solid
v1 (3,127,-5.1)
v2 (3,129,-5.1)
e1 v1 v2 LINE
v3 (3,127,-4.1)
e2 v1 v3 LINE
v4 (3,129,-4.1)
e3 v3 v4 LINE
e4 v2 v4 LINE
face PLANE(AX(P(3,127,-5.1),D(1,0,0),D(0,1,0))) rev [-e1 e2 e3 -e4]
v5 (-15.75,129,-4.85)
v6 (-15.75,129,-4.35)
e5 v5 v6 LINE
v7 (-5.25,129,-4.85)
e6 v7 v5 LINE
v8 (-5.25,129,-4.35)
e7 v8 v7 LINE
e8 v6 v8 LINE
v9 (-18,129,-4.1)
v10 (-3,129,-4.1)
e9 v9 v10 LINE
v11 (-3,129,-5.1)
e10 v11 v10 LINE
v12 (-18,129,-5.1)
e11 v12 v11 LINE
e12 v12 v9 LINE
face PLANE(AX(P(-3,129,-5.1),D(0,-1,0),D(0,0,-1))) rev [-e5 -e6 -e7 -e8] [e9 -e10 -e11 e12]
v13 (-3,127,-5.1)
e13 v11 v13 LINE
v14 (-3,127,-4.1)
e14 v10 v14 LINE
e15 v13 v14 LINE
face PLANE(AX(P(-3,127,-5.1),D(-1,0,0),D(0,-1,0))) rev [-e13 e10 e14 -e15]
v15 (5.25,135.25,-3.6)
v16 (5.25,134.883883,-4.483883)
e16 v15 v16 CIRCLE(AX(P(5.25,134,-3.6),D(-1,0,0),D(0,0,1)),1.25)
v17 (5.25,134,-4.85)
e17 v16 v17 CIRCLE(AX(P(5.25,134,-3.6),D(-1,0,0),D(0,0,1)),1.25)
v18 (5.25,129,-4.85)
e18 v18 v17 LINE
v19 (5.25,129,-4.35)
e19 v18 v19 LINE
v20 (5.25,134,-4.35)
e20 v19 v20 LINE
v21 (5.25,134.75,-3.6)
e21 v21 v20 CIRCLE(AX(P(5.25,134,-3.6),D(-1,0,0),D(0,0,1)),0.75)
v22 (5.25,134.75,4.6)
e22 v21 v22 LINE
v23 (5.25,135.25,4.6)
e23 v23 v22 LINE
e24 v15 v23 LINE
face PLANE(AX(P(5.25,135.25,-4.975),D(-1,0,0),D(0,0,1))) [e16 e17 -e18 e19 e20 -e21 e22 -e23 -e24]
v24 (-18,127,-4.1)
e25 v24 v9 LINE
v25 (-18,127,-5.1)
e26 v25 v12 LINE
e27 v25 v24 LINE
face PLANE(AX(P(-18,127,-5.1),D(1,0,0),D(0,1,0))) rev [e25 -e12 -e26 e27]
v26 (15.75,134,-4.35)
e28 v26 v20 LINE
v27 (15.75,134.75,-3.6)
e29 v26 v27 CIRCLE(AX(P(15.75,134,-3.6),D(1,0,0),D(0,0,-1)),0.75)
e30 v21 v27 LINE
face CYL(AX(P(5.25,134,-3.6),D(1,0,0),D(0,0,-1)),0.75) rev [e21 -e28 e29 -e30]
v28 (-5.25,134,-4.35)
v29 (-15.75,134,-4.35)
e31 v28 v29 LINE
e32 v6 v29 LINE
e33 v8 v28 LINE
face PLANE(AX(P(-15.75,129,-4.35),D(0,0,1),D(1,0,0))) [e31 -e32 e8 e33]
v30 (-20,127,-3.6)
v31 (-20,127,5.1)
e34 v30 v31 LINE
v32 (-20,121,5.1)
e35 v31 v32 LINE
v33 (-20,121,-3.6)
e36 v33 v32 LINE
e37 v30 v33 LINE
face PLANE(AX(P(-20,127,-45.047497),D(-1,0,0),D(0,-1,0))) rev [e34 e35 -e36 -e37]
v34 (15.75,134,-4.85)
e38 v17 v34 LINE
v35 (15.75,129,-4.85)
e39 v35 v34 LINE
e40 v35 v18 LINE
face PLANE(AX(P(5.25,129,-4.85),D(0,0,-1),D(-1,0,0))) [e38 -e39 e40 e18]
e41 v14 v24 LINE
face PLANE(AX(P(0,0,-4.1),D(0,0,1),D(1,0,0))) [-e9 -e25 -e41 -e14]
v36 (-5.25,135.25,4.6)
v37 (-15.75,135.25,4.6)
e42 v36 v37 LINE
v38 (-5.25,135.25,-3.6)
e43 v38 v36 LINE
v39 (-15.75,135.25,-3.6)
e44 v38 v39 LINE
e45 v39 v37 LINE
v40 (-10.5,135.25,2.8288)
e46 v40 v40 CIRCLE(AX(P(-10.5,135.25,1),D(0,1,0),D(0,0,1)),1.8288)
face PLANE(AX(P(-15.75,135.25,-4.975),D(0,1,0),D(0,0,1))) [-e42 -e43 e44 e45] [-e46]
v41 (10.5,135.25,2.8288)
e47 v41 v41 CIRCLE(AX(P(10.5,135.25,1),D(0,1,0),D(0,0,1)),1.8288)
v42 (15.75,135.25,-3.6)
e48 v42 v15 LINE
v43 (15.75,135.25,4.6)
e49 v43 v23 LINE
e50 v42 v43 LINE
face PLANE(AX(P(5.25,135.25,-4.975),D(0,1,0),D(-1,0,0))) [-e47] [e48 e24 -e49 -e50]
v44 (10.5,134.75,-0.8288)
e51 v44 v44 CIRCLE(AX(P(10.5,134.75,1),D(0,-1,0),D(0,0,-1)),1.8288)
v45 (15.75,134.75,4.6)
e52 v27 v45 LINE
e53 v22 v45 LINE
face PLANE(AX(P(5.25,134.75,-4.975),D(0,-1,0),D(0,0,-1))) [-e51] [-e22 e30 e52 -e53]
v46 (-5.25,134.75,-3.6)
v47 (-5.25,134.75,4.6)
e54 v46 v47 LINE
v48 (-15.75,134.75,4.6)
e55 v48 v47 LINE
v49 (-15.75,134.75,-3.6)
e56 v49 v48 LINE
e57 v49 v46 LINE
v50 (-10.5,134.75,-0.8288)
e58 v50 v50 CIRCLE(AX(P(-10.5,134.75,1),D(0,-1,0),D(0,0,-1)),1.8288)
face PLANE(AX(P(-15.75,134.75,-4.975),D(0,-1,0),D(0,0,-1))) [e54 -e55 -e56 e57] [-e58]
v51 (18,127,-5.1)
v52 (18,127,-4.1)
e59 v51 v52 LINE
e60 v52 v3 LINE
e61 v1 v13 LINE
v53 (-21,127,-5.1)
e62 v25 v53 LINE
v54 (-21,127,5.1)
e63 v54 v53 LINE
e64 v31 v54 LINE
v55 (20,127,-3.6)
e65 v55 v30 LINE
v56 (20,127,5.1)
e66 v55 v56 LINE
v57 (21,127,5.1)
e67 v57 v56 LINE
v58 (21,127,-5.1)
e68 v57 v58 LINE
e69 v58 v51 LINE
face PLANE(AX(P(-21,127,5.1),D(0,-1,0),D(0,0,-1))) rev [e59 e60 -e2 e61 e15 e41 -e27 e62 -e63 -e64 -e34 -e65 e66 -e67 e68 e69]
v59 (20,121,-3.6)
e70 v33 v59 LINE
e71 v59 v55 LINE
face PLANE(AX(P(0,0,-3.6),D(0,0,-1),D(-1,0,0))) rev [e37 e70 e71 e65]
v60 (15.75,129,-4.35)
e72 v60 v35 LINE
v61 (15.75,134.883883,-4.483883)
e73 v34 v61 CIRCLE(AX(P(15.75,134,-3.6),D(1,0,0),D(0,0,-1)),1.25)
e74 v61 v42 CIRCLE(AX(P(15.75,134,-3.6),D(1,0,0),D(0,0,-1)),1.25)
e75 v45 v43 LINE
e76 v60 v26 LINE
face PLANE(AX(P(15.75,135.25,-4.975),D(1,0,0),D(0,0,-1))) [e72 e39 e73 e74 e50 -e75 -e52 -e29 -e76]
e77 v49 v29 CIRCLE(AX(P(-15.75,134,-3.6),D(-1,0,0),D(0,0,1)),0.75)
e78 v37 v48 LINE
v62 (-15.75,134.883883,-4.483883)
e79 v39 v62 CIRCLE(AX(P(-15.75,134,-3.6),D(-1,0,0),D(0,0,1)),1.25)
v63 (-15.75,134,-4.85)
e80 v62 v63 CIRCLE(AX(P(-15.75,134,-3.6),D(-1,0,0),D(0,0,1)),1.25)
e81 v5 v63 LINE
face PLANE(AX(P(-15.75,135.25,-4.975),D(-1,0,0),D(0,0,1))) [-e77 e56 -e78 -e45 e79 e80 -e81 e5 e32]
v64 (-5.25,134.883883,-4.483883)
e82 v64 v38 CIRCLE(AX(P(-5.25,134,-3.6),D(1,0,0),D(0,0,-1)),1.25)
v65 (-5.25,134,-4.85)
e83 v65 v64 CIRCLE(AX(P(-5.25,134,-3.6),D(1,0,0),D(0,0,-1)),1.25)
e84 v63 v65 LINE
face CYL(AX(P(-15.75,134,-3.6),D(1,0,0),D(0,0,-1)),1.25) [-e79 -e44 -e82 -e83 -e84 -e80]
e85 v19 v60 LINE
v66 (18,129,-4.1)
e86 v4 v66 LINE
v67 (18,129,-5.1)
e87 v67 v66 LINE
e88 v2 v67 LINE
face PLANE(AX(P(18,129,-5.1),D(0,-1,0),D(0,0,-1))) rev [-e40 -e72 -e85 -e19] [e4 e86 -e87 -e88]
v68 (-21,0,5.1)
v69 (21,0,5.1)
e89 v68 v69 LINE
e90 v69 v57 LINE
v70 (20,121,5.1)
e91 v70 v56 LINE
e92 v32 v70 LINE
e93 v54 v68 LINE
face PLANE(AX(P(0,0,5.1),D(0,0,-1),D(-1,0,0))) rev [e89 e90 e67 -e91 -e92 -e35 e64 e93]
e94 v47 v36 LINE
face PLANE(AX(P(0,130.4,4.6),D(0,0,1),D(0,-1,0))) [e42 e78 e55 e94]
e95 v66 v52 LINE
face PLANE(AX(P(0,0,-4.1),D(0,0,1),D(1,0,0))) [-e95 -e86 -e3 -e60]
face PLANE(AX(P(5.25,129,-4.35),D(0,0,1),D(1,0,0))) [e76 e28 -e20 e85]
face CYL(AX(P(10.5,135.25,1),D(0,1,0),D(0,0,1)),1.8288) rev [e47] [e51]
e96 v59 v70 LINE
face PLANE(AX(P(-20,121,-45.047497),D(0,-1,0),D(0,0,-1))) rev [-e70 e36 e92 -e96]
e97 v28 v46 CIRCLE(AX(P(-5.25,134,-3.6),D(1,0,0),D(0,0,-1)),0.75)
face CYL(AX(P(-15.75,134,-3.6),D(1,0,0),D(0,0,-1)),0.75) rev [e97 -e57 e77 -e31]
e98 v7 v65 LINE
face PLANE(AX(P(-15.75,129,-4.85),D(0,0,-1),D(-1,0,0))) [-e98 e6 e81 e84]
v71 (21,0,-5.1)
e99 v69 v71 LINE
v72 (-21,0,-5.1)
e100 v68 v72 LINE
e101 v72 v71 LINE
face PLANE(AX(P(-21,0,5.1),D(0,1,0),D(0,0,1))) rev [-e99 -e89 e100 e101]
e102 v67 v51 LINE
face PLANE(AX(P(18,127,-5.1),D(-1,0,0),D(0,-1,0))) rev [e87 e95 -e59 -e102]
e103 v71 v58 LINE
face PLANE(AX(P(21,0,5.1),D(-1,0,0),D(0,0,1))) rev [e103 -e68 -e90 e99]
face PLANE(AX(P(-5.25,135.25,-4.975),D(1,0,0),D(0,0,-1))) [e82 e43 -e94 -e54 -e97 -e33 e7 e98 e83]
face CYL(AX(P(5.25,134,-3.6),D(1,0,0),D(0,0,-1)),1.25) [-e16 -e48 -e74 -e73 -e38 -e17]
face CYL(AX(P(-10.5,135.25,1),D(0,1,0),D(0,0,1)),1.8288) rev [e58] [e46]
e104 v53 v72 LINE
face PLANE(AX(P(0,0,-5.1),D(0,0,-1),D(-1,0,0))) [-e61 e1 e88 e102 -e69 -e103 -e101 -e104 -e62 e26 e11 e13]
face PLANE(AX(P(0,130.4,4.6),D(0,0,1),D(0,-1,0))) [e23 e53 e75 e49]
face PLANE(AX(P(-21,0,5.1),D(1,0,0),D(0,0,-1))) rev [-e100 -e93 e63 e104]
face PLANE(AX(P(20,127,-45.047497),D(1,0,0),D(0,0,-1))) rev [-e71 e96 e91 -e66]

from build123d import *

# Parameters (mm, degrees)
SKETCH1_W                 = 42
SKETCH1_H                 = 127
BOSS_EXTRUDE1_DEPTH       = 5.1
SKETCH2_W                 = 40
SKETCH2_H                 = 6
CUT_EXTRUDE1_DEPTH        = 8.7
SKETCH3_W                 = 15
SKETCH3_H                 = 2
BOSS_EXTRUDE2_DEPTH       = 0.5
TAB_PROFILE_W             = 10.5
TAB_PROFILE_H             = 0.5
FILLET2_R                 = 0.75
FILLET1_R                 = 1.25
FILLET4_R                 = 0.75
FILLET3_R                 = 1.25
F_6_CLEARANCE_HOLE1_D     = 3.6576
F_6_CLEARANCE_HOLE1_DEPTH = 0.5
F_6_CLEARANCE_HOLE2_D     = 3.6576
F_6_CLEARANCE_HOLE2_DEPTH = 0.5


with BuildPart() as part:
    # Sketch1 → Boss-Extrude1 (new, symmetric)
    with BuildSketch(Plane.XY):
        with Locations((0, 63.5)):
            Rectangle(SKETCH1_W, SKETCH1_H)
    extrude(amount=BOSS_EXTRUDE1_DEPTH, both=True)

    # Sketch2 → Cut-Extrude1 (cut)
    with BuildSketch(Plane.XY.offset(5.1)):
        with Locations((0, 124)):
            Rectangle(SKETCH2_W, SKETCH2_H)
    extrude(amount=-CUT_EXTRUDE1_DEPTH, mode=Mode.SUBTRACT)

    # Sketch3 → Boss-Extrude2 (add, symmetric)
    with BuildSketch(Plane(origin=(0, 0, -4.6), x_dir=(-1, 0, 0), z_dir=(0, 0, -1))):
        with Locations((-10.5, 128)):
            Rectangle(SKETCH3_W, SKETCH3_H)
        with Locations((10.5, 128)):
            Rectangle(SKETCH3_W, SKETCH3_H)
    extrude(amount=BOSS_EXTRUDE2_DEPTH, both=True)

    # Tabs: sweep along a path in Tab Bend
    with BuildLine(Plane(origin=(0, 0, 0), x_dir=(0, 0, -1), z_dir=(1, 0, 0))) as tabs_path:
        Line((4.6, 129), (4.6, 135))
        Line((4.6, 135), (-4.6, 135))
    # Tab Profile → Tabs (sweep)
    with BuildSketch(Plane(origin=(0, 129, 0), x_dir=(1, 0, 0), z_dir=(0, 1, 0))):
        with Locations((-10.5, 4.6)):
            Rectangle(TAB_PROFILE_W, TAB_PROFILE_H)
        with Locations((10.5, 4.6)):
            Rectangle(TAB_PROFILE_W, TAB_PROFILE_H)
    sweep(path=tabs_path.line, transition=Transition.RIGHT)

    # Fillet2
    fillet2_edges = [part.edges().sort_by_distance(p)[0] for p in [
        (10.5, 134.75, -4.35),
    ]]
    fillet(fillet2_edges, radius=FILLET2_R)

    # Fillet1
    fillet1_edges = [part.edges().sort_by_distance(p)[0] for p in [
        (10.5, 135.25, -4.85),
    ]]
    fillet(fillet1_edges, radius=FILLET1_R)

    # Fillet4
    fillet4_edges = [part.edges().sort_by_distance(p)[0] for p in [
        (-10.5, 134.75, -4.35),
    ]]
    fillet(fillet4_edges, radius=FILLET4_R)

    # Fillet3
    fillet3_edges = [part.edges().sort_by_distance(p)[0] for p in [
        (-10.5, 135.25, -4.85),
    ]]
    fillet(fillet3_edges, radius=FILLET3_R)

    # #6 Clearance Hole1
    with Locations(Plane(origin=(0, 135.25, 0), x_dir=(1, 0, 0), z_dir=(0, 1, 0))):
        with Locations((-10.5, -1)):
            Hole(F_6_CLEARANCE_HOLE1_D / 2, depth=F_6_CLEARANCE_HOLE1_DEPTH)

    # #6 Clearance Hole2
    with Locations(Plane(origin=(0, 135.25, 0), x_dir=(1, 0, 0), z_dir=(0, 1, 0))):
        with Locations((10.5, -1)):
            Hole(F_6_CLEARANCE_HOLE2_D / 2, depth=F_6_CLEARANCE_HOLE2_DEPTH)


solid = part.part
